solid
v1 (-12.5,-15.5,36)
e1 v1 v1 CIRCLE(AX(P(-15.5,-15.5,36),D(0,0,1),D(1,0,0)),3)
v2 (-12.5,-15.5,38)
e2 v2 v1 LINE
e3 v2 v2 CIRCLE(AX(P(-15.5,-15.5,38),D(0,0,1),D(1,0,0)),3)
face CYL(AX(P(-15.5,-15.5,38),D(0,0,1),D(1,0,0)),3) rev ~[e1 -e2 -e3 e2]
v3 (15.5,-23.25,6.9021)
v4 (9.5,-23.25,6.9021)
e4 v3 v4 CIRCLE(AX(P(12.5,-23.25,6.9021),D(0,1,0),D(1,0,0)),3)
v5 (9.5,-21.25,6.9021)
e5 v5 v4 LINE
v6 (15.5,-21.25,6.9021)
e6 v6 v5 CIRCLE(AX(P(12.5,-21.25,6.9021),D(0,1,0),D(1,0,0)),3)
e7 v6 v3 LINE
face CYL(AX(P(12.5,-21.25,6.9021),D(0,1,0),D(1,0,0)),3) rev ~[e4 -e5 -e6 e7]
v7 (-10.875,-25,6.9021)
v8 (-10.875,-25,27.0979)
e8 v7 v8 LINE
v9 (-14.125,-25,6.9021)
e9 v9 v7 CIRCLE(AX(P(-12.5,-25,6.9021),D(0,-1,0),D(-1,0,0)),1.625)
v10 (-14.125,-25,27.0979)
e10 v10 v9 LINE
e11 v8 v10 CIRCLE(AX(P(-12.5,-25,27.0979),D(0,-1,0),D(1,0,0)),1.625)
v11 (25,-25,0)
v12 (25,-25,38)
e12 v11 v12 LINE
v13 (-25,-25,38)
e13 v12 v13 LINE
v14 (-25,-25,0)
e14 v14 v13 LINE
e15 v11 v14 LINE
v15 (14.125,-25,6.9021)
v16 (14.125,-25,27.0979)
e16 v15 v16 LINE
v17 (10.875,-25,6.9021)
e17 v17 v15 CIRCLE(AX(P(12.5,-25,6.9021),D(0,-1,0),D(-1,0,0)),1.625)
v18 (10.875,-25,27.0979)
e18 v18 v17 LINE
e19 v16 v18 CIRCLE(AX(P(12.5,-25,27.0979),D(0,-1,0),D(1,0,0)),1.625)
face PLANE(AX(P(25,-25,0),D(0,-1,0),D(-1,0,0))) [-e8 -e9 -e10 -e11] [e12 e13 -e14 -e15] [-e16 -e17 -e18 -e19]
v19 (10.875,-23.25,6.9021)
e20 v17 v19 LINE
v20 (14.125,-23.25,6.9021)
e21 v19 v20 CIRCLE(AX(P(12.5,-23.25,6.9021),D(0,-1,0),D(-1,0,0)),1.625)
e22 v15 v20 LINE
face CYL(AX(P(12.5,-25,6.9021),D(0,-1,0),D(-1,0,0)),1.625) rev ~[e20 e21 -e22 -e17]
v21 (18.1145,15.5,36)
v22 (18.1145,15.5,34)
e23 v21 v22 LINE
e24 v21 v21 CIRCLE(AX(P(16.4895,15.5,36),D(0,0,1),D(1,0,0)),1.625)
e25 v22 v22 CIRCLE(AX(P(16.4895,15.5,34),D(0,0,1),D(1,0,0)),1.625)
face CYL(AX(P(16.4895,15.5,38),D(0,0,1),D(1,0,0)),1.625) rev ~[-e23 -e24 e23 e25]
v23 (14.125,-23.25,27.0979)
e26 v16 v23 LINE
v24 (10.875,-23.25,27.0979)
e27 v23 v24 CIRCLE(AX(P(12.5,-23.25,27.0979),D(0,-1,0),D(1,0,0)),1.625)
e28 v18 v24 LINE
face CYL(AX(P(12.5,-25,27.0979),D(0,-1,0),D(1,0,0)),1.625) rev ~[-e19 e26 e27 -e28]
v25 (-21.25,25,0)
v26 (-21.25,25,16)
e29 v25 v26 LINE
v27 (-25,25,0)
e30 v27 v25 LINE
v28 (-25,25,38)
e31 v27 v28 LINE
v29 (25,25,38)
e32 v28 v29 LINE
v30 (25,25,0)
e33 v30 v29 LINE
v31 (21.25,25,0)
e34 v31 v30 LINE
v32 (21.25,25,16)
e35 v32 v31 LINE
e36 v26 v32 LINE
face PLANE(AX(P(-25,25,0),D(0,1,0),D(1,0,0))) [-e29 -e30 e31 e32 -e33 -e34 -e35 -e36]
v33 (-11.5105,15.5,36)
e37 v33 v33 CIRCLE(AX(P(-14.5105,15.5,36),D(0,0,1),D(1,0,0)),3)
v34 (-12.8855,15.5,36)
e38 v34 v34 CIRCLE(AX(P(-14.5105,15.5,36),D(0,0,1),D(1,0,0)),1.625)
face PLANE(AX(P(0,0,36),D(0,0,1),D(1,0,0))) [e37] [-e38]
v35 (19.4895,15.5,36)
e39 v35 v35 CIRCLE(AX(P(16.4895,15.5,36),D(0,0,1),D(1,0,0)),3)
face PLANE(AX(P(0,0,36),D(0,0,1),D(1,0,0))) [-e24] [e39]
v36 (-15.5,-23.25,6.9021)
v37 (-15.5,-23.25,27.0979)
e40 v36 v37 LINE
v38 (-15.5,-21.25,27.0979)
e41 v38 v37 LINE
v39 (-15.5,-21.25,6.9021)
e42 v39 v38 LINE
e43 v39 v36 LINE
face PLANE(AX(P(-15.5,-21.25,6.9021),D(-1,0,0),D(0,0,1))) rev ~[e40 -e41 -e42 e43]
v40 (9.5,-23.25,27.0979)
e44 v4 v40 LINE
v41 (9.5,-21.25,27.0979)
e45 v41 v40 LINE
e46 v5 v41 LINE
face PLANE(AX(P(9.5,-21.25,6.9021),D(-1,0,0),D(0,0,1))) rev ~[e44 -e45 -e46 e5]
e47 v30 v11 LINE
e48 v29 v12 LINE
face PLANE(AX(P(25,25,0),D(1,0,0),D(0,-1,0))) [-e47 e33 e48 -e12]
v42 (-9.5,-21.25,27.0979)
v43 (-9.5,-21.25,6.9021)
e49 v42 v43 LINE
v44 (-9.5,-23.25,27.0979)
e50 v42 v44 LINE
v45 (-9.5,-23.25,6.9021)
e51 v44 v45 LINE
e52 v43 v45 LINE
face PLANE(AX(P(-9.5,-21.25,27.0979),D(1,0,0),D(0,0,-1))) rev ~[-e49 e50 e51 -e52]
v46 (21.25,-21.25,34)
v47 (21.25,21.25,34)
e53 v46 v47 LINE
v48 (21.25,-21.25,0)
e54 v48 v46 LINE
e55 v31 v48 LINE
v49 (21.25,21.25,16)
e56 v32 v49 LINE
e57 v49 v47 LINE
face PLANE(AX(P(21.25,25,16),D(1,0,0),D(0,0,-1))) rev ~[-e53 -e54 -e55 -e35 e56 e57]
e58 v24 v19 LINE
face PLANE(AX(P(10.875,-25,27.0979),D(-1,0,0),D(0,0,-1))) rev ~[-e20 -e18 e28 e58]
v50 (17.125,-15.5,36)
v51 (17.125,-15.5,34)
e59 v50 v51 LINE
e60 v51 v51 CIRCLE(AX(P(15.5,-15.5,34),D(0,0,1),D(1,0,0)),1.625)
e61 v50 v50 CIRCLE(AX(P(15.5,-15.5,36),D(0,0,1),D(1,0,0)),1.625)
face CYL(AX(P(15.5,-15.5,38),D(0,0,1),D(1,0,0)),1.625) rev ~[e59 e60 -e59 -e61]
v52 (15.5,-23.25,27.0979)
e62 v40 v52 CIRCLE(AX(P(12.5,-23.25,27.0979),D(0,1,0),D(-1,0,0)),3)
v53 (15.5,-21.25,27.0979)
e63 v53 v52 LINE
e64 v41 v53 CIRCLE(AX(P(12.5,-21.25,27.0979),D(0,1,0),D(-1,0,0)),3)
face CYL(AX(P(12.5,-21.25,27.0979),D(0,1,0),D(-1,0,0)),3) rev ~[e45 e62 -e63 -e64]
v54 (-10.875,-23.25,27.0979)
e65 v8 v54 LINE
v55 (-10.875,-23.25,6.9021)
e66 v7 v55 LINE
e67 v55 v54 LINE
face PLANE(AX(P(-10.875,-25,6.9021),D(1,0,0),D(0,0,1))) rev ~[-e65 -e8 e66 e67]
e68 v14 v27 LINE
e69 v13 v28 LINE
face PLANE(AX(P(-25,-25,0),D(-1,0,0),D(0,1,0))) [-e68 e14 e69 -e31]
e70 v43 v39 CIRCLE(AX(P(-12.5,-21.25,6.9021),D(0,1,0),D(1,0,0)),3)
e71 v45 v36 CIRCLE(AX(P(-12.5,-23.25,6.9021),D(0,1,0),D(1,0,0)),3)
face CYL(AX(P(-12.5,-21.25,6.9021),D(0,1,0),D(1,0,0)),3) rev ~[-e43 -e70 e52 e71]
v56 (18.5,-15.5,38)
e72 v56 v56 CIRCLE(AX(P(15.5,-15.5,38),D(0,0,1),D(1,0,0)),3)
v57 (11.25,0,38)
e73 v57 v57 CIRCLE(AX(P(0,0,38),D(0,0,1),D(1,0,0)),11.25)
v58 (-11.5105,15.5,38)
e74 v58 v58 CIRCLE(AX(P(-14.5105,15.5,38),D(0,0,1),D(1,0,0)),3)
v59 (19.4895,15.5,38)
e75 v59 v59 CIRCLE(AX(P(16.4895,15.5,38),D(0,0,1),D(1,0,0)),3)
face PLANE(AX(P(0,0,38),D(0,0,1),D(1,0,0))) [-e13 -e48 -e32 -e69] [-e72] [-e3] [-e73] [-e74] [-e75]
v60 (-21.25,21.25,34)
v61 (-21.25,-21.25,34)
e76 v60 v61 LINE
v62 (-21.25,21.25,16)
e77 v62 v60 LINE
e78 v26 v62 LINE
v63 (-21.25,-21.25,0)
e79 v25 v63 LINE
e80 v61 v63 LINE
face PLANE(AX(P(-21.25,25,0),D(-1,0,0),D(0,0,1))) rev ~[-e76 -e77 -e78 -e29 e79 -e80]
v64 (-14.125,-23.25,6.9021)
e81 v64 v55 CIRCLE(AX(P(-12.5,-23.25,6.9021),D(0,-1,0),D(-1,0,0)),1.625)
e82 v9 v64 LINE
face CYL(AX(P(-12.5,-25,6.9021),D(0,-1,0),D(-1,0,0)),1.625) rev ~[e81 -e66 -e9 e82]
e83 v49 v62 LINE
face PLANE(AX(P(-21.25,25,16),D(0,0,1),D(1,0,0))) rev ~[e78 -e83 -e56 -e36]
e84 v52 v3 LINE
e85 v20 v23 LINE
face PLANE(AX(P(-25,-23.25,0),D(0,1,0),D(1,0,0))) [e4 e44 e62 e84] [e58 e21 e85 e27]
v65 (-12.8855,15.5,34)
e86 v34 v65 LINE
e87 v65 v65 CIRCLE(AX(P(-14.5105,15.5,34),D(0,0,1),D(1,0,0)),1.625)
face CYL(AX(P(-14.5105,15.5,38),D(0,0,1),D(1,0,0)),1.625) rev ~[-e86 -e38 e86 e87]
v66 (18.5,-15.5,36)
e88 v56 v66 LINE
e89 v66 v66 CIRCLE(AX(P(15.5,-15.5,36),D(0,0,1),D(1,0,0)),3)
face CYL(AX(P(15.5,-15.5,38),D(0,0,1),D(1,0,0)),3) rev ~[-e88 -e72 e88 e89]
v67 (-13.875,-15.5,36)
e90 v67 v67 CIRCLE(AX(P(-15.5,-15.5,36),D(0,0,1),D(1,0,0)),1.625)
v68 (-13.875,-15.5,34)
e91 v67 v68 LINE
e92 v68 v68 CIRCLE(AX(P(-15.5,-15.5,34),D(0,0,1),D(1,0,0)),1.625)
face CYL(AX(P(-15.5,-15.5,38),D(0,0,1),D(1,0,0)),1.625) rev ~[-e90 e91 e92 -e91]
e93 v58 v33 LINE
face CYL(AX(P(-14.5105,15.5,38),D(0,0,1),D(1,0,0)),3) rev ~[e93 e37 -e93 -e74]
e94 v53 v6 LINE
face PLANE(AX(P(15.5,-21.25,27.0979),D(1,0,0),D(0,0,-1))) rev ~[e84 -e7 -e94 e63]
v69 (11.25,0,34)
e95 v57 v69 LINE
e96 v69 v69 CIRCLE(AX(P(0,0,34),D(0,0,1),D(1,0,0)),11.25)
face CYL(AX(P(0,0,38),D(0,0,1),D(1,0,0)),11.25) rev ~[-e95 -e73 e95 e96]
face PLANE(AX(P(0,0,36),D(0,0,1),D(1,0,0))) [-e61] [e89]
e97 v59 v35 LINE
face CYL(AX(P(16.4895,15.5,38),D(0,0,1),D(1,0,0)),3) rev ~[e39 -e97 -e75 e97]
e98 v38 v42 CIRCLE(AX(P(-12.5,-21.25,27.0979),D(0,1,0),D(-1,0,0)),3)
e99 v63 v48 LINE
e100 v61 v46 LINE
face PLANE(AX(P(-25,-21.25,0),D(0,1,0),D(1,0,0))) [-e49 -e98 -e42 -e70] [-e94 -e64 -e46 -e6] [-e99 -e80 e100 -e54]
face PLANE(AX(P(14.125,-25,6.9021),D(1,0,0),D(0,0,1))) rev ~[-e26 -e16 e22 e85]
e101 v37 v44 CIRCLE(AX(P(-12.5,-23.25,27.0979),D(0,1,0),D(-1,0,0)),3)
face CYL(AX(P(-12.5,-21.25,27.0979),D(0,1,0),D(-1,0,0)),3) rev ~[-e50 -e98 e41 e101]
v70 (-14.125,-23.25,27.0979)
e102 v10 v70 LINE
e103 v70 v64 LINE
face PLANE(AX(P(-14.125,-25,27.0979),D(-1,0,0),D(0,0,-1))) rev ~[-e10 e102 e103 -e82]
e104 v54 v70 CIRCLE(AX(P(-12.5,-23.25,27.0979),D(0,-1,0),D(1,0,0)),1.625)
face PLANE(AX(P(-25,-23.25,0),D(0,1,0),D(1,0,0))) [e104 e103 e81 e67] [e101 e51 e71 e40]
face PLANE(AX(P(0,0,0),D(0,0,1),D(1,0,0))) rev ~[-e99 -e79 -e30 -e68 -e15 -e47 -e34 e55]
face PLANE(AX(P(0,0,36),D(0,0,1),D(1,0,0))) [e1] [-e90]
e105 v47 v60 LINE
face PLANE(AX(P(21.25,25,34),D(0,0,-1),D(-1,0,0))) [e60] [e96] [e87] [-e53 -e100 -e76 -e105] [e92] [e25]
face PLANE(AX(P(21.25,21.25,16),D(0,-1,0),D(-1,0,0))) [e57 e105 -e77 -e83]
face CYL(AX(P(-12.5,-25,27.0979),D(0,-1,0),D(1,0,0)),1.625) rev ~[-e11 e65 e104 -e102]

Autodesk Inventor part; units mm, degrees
ref_plane "YZ Plane" through (0, 0, 0) normal (1, 0, 0) x (0, 1, 0)
ref_plane "XZ Plane" through (0, 0, 0) normal (0, 1, 0) x (-1, 0, 0)
ref_plane "XY Plane" through (0, 0, 0) normal (0, 0, 1) x (1, 0, 0)
sketch "Sketch1" plane through (0, 0, 0) normal (0, 0, 1) x (1, 0, 0)
  point P0 (0, 0)
sketch "Sketch2" plane through (0, 0, 0) normal (0, 0, 1) x (1, 0, 0)
  line L0 (-25, 25) -> (25, 25)
  line L1 (25, 25) -> (25, -25)
  line L2 (25, -25) -> (-25, -25)
  line L3 (-25, -25) -> (-25, 25)
  point P0 (0, 0)
  dimension "d0" = 50
  dimension "d1" = 50
  dimension "d2" = 25
  dimension "d3" = 25
extrude "Extrusion1" add sketch "Sketch2" along normal blind 38
sketch "Sketch3" plane through (0, 0, 0) normal (0, 0, -1) x (-1, 0, 0)
  point P0 (0, 0)
sketch "Sketch4" plane through (-25, 25, 0) normal (0, 1, 0) x (1, 0, 0)
  line L0 (0, 0) -> (50, 0) projected
  line L1 (46.25, 0) -> (3.75, 0)
  line L2 (3.75, 0) -> (3.75, -16)
  line L3 (3.75, -16) -> (46.25, -16)
  line L4 (46.25, -16) -> (46.25, 0)
  line L5 (50, 0) -> (50, -38) projected
  point P0 (25, 0)
  dimension "d6" = 42.5
  dimension "d7" = 16
  dimension "d8" = 3.75
extrude "Extrusion2" cut sketch "Sketch4" against normal blind 46.25
sketch "Sketch5" plane through (21.25, 25, 16) normal (0, 0, -1) x (-1, 0, 0)
  line L0 (0, -46.25) -> (0, 0) projected
  line L1 (42.5, 0) -> (42.5, -46.25) projected
  line L2 (0, -3.75) -> (42.5, -3.75)
  line L3 (42.5, -3.75) -> (42.5, -46.25)
  line L4 (42.5, -46.25) -> (0, -46.25)
  line L5 (0, -46.25) -> (0, -3.75)
  line L6 (-3.75, 0) -> (46.25, 0) projected
  point P0 (21.25, -25)
  dimension "d11" = 3.75
extrude "Extrusion3" cut sketch "Sketch5" against normal blind 18 contours L0 L2 L1 L4
sketch "Sketch6" plane through (-25, -25, 0) normal (-1, 0, 0) x (0, 0, 1)
  point P0 (0, 25)
sketch "Sketch7" plane through (0, 0, 38) normal (0, 0, 1) x (1, 0, 0)
  circle A0 centre (0, 0) radius 11.25
  dimension "d14" = 22.5
extrude "Extrusion4" cut sketch "Sketch7" against normal blind 6
sketch "Sketch8" plane through (0, 0, 38) normal (0, 0, 1) x (1, 0, 0)
  circle A0 centre (-14.5105, 15.5) radius 1.625
  circle A1 centre (16.4895, 15.5) radius 1.625
  circle A2 centre (15.5, -15.5) radius 1.625
  circle A3 centre (-15.5, -15.5) radius 1.625
  point P0 (0, 0)
  dimension "d17" = 3.25
  dimension "d18" = 3.25
  dimension "d19" = 3.25
  dimension "d20" = 3.25
  dimension "d21" = 15.5
  dimension "d22" = 31
  dimension "d23" = 31
  dimension "d24" = 15.5
  dimension "d25" = 31
  dimension "d26" = 15.5
  dimension "d27" = 15.5
extrude "Extrusion5" cut sketch "Sketch8" against normal blind 4
sketch "Sketch9" plane through (-25, -21.25, 0) normal (0, 1, 0) x (1, 0, 0)
  point P0 (25, 0)
sketch "Sketch10" plane through (-25, -25, 0) normal (0, -1, 0) x (1, 0, 0)
  line L0 (37.5, 6.9021) -> (37.5, 27.0979) construction
  line L1 (46.25, 34) -> (3.75, 34) projected
  line L2 (39.125, 6.9021) -> (39.125, 27.0979)
  line L3 (35.875, 27.0979) -> (35.875, 6.9021)
  arc A0 (35.875, 6.9021) -> (39.125, 6.9021) centre (37.5, 6.9021) ccw
  arc A1 (39.125, 27.0979) -> (35.875, 27.0979) centre (37.5, 27.0979) ccw
  line L4 (12.5, 6.9021) -> (12.5, 27.0979) construction
  line L5 (14.125, 6.9021) -> (14.125, 27.0979)
  line L6 (10.875, 27.0979) -> (10.875, 6.9021)
  arc A2 (10.875, 6.9021) -> (14.125, 6.9021) centre (12.5, 6.9021) ccw
  arc A3 (14.125, 27.0979) -> (10.875, 27.0979) centre (12.5, 27.0979) ccw
  line L7 (50, 0) -> (0, 0) projected
  line L8 (0, 0) -> (0, 38) projected
  point P0 (25, 0)
  point P1 (37.5, 17)
  point P2 (12.5, 17)
  dimension "d30" = 3.25
  dimension "d31" = 3.25
  dimension "d32" = 17
  dimension "d33" = 17
  dimension "d34" = 25
  dimension "d35" = 12.5
extrude "Extrusion6" cut sketch "Sketch10" against normal blind 4
sketch "Sketch11" plane through (0, 0, 38) normal (0, 0, 1) x (1, 0, 0)
  point P0 (0, 0)
sketch "Sketch12" plane through (0, 0, 38) normal (0, 0, 1) x (1, 0, 0)
  circle A0 centre (-14.5105, 15.5) radius 1.625 projected
  circle A1 centre (-14.5105, 15.5) radius 3
  circle A2 centre (16.4895, 15.5) radius 1.625 projected
  circle A3 centre (16.4895, 15.5) radius 3
  circle A4 centre (-15.5, -15.5) radius 1.625 projected
  circle A5 centre (-15.5, -15.5) radius 3
  circle A6 centre (15.5, -15.5) radius 1.625 projected
  circle A7 centre (15.5, -15.5) radius 3
  point P0 (0, 0)
  dimension "d38" = 6
  dimension "d39" = 6
  dimension "d40" = 6
  dimension "d41" = 6
extrude "Extrusion7" cut sketch "Sketch12" against normal blind 2
sketch "Sketch13" plane through (-25, -21.25, 0) normal (0, 1, 0) x (1, 0, 0)
  arc A0 (10.875, -27.0979) -> (14.125, -27.0979) centre (12.5, -27.0979) ccw projected
  arc A1 (14.125, -6.9021) -> (10.875, -6.9021) centre (12.5, -6.9021) ccw projected
  line L0 (12.5, -27.0979) -> (12.5, -6.9021) construction
  line L1 (15.5, -27.0979) -> (15.5, -6.9021)
  line L2 (9.5, -6.9021) -> (9.5, -27.0979)
  arc A2 (9.5, -27.0979) -> (15.5, -27.0979) centre (12.5, -27.0979) ccw
  arc A3 (15.5, -6.9021) -> (9.5, -6.9021) centre (12.5, -6.9021) ccw
  arc A4 (35.875, -27.0979) -> (39.125, -27.0979) centre (37.5, -27.0979) ccw projected
  arc A5 (39.125, -6.9021) -> (35.875, -6.9021) centre (37.5, -6.9021) ccw projected
  line L3 (37.5, -27.0979) -> (37.5, -6.9021) construction
  line L4 (40.5, -27.0979) -> (40.5, -6.9021)
  line L5 (34.5, -6.9021) -> (34.5, -27.0979)
  arc A6 (34.5, -27.0979) -> (40.5, -27.0979) centre (37.5, -27.0979) ccw
  arc A7 (40.5, -6.9021) -> (34.5, -6.9021) centre (37.5, -6.9021) ccw
  point P0 (25, 0)
  point P1 (12.5, -17)
  point P2 (37.5, -17)
  dimension "d44" = 6
  dimension "d45" = 6
extrude "Extrusion8" cut sketch "Sketch13" against normal blind 2
sketch "Sketch14" plane through (0, 0, 38) normal (0, 0, 1) x (1, 0, 0)
  line L0 (0, 0) -> (0, -25)
  line L1 (25, -25) -> (-25, -25) projected
properties part number "stepperMount"
